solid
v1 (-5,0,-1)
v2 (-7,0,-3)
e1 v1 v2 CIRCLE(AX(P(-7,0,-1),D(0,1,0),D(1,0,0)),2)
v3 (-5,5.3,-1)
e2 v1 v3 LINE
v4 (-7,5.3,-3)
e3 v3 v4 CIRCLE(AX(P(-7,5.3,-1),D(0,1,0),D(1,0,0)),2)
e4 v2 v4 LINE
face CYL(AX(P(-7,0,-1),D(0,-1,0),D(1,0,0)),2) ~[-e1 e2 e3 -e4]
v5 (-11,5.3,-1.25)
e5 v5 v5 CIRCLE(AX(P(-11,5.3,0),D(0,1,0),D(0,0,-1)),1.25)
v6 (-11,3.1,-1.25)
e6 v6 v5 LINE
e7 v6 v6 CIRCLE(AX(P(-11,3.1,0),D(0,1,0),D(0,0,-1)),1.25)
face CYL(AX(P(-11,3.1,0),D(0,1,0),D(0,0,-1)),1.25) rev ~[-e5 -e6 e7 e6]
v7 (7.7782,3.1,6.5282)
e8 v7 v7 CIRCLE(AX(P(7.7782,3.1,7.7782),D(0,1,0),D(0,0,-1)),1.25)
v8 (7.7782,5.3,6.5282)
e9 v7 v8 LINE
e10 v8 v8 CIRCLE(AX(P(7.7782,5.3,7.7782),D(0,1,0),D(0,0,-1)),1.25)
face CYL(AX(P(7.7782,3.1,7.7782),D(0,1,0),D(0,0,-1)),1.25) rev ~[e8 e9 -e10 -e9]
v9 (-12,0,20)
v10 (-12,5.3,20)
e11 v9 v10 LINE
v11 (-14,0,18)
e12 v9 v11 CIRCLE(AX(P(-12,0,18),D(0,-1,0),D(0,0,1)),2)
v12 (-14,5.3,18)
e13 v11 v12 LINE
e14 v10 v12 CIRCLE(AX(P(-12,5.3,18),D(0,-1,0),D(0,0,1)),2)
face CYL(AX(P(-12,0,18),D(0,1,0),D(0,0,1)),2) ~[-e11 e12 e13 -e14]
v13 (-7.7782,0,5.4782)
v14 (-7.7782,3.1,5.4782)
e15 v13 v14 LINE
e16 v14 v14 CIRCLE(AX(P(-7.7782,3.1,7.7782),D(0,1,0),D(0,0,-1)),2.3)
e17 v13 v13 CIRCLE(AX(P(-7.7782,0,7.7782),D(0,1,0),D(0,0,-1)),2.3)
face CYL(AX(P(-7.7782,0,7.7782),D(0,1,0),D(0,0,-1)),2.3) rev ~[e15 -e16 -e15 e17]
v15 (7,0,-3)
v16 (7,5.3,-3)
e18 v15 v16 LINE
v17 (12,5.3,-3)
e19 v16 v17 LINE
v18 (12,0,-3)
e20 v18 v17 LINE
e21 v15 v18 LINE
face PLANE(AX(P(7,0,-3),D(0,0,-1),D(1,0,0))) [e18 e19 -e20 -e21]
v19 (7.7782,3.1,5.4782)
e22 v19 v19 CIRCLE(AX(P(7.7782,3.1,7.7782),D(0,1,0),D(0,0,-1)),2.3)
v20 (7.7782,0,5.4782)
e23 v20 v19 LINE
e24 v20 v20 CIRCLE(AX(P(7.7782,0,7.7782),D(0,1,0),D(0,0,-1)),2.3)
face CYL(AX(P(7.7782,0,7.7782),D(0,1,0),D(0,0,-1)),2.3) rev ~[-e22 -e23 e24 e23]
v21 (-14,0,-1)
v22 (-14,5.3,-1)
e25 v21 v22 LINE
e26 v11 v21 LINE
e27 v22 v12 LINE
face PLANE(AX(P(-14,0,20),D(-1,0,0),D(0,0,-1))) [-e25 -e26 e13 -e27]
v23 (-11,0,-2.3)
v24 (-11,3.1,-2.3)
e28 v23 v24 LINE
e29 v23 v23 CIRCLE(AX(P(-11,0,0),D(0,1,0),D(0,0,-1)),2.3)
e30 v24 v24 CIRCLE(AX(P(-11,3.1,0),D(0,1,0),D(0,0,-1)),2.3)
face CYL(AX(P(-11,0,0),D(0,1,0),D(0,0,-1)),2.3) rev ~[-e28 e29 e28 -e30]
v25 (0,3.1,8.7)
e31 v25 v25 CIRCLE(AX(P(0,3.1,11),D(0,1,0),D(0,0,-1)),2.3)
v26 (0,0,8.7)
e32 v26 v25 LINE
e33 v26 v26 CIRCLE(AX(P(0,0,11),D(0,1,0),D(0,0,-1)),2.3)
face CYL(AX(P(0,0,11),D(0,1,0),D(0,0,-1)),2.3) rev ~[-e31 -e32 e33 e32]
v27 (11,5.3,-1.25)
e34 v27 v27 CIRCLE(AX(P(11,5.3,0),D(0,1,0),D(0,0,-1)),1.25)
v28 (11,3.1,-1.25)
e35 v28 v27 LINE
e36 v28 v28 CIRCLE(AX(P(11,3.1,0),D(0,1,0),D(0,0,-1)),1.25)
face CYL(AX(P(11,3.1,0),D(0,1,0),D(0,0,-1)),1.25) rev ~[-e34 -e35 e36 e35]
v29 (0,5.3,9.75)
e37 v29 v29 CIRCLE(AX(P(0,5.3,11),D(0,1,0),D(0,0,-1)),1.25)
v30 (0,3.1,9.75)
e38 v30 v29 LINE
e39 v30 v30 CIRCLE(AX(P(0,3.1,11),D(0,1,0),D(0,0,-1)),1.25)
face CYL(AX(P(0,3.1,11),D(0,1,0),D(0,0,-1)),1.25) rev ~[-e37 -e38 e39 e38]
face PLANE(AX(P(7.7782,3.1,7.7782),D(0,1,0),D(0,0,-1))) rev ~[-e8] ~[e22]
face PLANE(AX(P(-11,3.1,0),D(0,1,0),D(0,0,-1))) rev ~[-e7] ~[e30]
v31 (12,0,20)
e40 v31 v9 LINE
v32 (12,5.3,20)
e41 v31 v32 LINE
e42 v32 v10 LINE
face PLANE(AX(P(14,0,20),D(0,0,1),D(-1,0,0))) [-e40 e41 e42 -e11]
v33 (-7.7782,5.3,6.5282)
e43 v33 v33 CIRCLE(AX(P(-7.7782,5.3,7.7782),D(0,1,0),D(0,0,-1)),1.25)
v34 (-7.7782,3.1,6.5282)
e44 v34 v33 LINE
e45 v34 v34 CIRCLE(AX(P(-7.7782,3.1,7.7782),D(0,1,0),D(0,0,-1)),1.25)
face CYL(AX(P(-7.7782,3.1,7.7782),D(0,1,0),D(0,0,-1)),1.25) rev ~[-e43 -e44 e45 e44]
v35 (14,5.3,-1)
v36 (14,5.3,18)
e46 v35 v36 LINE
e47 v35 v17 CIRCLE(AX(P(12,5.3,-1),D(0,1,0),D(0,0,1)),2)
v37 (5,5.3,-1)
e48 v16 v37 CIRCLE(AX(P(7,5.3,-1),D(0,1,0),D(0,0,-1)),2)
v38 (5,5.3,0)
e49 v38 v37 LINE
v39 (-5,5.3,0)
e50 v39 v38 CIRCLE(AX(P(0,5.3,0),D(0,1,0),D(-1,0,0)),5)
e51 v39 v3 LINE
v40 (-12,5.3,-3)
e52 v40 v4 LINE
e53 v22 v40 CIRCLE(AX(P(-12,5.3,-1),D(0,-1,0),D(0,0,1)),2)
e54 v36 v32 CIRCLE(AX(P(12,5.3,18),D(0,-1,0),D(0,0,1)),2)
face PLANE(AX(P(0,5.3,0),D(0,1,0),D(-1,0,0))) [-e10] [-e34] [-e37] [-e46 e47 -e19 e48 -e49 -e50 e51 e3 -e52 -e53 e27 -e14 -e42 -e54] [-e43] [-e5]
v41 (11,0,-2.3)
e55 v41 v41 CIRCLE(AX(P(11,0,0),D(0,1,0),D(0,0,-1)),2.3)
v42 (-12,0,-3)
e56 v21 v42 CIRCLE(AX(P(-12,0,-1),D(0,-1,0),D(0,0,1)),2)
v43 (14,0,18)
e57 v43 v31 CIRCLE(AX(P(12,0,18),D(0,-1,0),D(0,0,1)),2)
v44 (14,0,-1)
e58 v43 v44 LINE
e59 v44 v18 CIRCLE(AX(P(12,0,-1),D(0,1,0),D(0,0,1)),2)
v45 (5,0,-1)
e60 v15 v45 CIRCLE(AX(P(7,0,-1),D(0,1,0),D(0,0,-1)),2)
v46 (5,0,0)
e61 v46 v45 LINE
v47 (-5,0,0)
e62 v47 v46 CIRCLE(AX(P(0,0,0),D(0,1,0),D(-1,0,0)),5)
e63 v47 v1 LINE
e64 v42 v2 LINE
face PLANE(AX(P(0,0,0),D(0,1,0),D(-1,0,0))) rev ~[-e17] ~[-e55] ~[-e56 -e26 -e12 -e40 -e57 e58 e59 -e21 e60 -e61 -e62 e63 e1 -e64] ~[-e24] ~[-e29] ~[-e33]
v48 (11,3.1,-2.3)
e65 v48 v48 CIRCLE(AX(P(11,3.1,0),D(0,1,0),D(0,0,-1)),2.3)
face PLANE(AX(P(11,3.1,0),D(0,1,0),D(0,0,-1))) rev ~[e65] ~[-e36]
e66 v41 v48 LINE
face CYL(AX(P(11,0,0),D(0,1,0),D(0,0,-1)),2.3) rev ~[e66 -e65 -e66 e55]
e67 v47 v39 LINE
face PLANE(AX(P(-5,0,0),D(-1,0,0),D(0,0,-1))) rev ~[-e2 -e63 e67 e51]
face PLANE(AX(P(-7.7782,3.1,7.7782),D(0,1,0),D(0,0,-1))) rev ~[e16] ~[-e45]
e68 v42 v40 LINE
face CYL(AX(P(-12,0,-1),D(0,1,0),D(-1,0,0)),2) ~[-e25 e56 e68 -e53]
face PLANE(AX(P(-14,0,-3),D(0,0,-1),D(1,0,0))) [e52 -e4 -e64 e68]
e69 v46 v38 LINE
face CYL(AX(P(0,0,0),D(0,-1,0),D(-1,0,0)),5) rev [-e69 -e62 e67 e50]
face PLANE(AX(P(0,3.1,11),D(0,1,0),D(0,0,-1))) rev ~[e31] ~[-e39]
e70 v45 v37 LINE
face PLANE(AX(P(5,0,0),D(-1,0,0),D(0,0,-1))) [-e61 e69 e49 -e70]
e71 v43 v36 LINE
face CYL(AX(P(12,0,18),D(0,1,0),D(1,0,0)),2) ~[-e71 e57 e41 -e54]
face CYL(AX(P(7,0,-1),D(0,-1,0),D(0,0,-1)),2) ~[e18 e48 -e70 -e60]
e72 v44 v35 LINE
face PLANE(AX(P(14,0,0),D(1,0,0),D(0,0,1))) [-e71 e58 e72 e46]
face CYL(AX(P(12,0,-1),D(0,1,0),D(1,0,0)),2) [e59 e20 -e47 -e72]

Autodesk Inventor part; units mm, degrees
ref_plane "YZ Plane" through (0, 0, 0) normal (1, 0, 0) x (0, 1, 0)
ref_plane "XZ Plane" through (0, 0, 0) normal (0, 1, 0) x (-1, 0, 0)
ref_plane "XY Plane" through (0, 0, 0) normal (0, 0, 1) x (1, 0, 0)
sketch "Sketch1" plane through (0, 0, 0) normal (0, 1, 0) x (-1, 0, 0)
  line L0 (14, 0) -> (-14, 0) construction
  line L1 (-14, 0) -> (-14, 20)
  line L2 (-14, 20) -> (14, 20)
  line L3 (14, 20) -> (14, 0)
  circle A0 centre (0, 0) radius 5
  line L4 (14, 0) -> (14, -3)
  line L5 (14, -3) -> (4, -3)
  line L6 (-14, -3) -> (-14, 0)
  line L7 (9.8995, 9.8995) -> (-9.8995, -9.8995) construction
  line L8 (0, 14) -> (0, -14) construction
  line L9 (-9.8995, 9.8995) -> (9.8995, -9.8995) construction
  line L10 (-14, 0) -> (14, 0) construction
  line L11 (-4, -3) -> (-14, -3)
  line L12 (4, -3) -> (-4, -3) construction
  line L13 (5, 0) -> (5, -1)
  line L14 (-5, 0) -> (-5, -1)
  arc A1 (-7, -3) -> (-5, -1) centre (-7, -1) ccw
  arc A2 (5, -1) -> (7, -3) centre (7, -1) ccw
  point P0 (11, 0)
  point P1 (7.7782, 7.7782)
  point P2 (0, 11)
  point P3 (-7.7782, 7.7782)
  point P4 (-11, 0)
  dimension "d0" = 28
  dimension "d1" = 10
  dimension "d2" = 20
  dimension "d3" = 3
  dimension "d4" = 11
  dimension "d7" = 180
  dimension "d20" = 1
extrude "Extrusion1" add sketch "Sketch1" along normal blind 5.3 contours L1 L2 L3 L4 L5 A2 L13 A0 L14 A1 L11 L6
hole "Hole1" at (-11, 0, 0) at (-7.7782, 0, 7.7782) at (0, 0, 11) at (7.7782, 0, 7.7782) at (11, 0, 0) direction (0, 1, 0) diameter 2.5 end through all counterbore diameter 4.6 counterbore depth 3.1
fillet "Fillet2" radius 2 4 edges at (-14, 2.65, -3) (-14, 2.65, 20) (14, 2.65, 20) (14, 2.65, -3)
equation "\"d9\" = teflon_thickness"
equation "\"d13\" = trace_radius"
equation "\"d14\" = trace_depth"
equation "\"teflon_thickness\" = 5.3"
equation "\"trace_radius\" = 4.6"
equation "\"trace_depth\" = 3.1"
properties part number "elbow_protection"
